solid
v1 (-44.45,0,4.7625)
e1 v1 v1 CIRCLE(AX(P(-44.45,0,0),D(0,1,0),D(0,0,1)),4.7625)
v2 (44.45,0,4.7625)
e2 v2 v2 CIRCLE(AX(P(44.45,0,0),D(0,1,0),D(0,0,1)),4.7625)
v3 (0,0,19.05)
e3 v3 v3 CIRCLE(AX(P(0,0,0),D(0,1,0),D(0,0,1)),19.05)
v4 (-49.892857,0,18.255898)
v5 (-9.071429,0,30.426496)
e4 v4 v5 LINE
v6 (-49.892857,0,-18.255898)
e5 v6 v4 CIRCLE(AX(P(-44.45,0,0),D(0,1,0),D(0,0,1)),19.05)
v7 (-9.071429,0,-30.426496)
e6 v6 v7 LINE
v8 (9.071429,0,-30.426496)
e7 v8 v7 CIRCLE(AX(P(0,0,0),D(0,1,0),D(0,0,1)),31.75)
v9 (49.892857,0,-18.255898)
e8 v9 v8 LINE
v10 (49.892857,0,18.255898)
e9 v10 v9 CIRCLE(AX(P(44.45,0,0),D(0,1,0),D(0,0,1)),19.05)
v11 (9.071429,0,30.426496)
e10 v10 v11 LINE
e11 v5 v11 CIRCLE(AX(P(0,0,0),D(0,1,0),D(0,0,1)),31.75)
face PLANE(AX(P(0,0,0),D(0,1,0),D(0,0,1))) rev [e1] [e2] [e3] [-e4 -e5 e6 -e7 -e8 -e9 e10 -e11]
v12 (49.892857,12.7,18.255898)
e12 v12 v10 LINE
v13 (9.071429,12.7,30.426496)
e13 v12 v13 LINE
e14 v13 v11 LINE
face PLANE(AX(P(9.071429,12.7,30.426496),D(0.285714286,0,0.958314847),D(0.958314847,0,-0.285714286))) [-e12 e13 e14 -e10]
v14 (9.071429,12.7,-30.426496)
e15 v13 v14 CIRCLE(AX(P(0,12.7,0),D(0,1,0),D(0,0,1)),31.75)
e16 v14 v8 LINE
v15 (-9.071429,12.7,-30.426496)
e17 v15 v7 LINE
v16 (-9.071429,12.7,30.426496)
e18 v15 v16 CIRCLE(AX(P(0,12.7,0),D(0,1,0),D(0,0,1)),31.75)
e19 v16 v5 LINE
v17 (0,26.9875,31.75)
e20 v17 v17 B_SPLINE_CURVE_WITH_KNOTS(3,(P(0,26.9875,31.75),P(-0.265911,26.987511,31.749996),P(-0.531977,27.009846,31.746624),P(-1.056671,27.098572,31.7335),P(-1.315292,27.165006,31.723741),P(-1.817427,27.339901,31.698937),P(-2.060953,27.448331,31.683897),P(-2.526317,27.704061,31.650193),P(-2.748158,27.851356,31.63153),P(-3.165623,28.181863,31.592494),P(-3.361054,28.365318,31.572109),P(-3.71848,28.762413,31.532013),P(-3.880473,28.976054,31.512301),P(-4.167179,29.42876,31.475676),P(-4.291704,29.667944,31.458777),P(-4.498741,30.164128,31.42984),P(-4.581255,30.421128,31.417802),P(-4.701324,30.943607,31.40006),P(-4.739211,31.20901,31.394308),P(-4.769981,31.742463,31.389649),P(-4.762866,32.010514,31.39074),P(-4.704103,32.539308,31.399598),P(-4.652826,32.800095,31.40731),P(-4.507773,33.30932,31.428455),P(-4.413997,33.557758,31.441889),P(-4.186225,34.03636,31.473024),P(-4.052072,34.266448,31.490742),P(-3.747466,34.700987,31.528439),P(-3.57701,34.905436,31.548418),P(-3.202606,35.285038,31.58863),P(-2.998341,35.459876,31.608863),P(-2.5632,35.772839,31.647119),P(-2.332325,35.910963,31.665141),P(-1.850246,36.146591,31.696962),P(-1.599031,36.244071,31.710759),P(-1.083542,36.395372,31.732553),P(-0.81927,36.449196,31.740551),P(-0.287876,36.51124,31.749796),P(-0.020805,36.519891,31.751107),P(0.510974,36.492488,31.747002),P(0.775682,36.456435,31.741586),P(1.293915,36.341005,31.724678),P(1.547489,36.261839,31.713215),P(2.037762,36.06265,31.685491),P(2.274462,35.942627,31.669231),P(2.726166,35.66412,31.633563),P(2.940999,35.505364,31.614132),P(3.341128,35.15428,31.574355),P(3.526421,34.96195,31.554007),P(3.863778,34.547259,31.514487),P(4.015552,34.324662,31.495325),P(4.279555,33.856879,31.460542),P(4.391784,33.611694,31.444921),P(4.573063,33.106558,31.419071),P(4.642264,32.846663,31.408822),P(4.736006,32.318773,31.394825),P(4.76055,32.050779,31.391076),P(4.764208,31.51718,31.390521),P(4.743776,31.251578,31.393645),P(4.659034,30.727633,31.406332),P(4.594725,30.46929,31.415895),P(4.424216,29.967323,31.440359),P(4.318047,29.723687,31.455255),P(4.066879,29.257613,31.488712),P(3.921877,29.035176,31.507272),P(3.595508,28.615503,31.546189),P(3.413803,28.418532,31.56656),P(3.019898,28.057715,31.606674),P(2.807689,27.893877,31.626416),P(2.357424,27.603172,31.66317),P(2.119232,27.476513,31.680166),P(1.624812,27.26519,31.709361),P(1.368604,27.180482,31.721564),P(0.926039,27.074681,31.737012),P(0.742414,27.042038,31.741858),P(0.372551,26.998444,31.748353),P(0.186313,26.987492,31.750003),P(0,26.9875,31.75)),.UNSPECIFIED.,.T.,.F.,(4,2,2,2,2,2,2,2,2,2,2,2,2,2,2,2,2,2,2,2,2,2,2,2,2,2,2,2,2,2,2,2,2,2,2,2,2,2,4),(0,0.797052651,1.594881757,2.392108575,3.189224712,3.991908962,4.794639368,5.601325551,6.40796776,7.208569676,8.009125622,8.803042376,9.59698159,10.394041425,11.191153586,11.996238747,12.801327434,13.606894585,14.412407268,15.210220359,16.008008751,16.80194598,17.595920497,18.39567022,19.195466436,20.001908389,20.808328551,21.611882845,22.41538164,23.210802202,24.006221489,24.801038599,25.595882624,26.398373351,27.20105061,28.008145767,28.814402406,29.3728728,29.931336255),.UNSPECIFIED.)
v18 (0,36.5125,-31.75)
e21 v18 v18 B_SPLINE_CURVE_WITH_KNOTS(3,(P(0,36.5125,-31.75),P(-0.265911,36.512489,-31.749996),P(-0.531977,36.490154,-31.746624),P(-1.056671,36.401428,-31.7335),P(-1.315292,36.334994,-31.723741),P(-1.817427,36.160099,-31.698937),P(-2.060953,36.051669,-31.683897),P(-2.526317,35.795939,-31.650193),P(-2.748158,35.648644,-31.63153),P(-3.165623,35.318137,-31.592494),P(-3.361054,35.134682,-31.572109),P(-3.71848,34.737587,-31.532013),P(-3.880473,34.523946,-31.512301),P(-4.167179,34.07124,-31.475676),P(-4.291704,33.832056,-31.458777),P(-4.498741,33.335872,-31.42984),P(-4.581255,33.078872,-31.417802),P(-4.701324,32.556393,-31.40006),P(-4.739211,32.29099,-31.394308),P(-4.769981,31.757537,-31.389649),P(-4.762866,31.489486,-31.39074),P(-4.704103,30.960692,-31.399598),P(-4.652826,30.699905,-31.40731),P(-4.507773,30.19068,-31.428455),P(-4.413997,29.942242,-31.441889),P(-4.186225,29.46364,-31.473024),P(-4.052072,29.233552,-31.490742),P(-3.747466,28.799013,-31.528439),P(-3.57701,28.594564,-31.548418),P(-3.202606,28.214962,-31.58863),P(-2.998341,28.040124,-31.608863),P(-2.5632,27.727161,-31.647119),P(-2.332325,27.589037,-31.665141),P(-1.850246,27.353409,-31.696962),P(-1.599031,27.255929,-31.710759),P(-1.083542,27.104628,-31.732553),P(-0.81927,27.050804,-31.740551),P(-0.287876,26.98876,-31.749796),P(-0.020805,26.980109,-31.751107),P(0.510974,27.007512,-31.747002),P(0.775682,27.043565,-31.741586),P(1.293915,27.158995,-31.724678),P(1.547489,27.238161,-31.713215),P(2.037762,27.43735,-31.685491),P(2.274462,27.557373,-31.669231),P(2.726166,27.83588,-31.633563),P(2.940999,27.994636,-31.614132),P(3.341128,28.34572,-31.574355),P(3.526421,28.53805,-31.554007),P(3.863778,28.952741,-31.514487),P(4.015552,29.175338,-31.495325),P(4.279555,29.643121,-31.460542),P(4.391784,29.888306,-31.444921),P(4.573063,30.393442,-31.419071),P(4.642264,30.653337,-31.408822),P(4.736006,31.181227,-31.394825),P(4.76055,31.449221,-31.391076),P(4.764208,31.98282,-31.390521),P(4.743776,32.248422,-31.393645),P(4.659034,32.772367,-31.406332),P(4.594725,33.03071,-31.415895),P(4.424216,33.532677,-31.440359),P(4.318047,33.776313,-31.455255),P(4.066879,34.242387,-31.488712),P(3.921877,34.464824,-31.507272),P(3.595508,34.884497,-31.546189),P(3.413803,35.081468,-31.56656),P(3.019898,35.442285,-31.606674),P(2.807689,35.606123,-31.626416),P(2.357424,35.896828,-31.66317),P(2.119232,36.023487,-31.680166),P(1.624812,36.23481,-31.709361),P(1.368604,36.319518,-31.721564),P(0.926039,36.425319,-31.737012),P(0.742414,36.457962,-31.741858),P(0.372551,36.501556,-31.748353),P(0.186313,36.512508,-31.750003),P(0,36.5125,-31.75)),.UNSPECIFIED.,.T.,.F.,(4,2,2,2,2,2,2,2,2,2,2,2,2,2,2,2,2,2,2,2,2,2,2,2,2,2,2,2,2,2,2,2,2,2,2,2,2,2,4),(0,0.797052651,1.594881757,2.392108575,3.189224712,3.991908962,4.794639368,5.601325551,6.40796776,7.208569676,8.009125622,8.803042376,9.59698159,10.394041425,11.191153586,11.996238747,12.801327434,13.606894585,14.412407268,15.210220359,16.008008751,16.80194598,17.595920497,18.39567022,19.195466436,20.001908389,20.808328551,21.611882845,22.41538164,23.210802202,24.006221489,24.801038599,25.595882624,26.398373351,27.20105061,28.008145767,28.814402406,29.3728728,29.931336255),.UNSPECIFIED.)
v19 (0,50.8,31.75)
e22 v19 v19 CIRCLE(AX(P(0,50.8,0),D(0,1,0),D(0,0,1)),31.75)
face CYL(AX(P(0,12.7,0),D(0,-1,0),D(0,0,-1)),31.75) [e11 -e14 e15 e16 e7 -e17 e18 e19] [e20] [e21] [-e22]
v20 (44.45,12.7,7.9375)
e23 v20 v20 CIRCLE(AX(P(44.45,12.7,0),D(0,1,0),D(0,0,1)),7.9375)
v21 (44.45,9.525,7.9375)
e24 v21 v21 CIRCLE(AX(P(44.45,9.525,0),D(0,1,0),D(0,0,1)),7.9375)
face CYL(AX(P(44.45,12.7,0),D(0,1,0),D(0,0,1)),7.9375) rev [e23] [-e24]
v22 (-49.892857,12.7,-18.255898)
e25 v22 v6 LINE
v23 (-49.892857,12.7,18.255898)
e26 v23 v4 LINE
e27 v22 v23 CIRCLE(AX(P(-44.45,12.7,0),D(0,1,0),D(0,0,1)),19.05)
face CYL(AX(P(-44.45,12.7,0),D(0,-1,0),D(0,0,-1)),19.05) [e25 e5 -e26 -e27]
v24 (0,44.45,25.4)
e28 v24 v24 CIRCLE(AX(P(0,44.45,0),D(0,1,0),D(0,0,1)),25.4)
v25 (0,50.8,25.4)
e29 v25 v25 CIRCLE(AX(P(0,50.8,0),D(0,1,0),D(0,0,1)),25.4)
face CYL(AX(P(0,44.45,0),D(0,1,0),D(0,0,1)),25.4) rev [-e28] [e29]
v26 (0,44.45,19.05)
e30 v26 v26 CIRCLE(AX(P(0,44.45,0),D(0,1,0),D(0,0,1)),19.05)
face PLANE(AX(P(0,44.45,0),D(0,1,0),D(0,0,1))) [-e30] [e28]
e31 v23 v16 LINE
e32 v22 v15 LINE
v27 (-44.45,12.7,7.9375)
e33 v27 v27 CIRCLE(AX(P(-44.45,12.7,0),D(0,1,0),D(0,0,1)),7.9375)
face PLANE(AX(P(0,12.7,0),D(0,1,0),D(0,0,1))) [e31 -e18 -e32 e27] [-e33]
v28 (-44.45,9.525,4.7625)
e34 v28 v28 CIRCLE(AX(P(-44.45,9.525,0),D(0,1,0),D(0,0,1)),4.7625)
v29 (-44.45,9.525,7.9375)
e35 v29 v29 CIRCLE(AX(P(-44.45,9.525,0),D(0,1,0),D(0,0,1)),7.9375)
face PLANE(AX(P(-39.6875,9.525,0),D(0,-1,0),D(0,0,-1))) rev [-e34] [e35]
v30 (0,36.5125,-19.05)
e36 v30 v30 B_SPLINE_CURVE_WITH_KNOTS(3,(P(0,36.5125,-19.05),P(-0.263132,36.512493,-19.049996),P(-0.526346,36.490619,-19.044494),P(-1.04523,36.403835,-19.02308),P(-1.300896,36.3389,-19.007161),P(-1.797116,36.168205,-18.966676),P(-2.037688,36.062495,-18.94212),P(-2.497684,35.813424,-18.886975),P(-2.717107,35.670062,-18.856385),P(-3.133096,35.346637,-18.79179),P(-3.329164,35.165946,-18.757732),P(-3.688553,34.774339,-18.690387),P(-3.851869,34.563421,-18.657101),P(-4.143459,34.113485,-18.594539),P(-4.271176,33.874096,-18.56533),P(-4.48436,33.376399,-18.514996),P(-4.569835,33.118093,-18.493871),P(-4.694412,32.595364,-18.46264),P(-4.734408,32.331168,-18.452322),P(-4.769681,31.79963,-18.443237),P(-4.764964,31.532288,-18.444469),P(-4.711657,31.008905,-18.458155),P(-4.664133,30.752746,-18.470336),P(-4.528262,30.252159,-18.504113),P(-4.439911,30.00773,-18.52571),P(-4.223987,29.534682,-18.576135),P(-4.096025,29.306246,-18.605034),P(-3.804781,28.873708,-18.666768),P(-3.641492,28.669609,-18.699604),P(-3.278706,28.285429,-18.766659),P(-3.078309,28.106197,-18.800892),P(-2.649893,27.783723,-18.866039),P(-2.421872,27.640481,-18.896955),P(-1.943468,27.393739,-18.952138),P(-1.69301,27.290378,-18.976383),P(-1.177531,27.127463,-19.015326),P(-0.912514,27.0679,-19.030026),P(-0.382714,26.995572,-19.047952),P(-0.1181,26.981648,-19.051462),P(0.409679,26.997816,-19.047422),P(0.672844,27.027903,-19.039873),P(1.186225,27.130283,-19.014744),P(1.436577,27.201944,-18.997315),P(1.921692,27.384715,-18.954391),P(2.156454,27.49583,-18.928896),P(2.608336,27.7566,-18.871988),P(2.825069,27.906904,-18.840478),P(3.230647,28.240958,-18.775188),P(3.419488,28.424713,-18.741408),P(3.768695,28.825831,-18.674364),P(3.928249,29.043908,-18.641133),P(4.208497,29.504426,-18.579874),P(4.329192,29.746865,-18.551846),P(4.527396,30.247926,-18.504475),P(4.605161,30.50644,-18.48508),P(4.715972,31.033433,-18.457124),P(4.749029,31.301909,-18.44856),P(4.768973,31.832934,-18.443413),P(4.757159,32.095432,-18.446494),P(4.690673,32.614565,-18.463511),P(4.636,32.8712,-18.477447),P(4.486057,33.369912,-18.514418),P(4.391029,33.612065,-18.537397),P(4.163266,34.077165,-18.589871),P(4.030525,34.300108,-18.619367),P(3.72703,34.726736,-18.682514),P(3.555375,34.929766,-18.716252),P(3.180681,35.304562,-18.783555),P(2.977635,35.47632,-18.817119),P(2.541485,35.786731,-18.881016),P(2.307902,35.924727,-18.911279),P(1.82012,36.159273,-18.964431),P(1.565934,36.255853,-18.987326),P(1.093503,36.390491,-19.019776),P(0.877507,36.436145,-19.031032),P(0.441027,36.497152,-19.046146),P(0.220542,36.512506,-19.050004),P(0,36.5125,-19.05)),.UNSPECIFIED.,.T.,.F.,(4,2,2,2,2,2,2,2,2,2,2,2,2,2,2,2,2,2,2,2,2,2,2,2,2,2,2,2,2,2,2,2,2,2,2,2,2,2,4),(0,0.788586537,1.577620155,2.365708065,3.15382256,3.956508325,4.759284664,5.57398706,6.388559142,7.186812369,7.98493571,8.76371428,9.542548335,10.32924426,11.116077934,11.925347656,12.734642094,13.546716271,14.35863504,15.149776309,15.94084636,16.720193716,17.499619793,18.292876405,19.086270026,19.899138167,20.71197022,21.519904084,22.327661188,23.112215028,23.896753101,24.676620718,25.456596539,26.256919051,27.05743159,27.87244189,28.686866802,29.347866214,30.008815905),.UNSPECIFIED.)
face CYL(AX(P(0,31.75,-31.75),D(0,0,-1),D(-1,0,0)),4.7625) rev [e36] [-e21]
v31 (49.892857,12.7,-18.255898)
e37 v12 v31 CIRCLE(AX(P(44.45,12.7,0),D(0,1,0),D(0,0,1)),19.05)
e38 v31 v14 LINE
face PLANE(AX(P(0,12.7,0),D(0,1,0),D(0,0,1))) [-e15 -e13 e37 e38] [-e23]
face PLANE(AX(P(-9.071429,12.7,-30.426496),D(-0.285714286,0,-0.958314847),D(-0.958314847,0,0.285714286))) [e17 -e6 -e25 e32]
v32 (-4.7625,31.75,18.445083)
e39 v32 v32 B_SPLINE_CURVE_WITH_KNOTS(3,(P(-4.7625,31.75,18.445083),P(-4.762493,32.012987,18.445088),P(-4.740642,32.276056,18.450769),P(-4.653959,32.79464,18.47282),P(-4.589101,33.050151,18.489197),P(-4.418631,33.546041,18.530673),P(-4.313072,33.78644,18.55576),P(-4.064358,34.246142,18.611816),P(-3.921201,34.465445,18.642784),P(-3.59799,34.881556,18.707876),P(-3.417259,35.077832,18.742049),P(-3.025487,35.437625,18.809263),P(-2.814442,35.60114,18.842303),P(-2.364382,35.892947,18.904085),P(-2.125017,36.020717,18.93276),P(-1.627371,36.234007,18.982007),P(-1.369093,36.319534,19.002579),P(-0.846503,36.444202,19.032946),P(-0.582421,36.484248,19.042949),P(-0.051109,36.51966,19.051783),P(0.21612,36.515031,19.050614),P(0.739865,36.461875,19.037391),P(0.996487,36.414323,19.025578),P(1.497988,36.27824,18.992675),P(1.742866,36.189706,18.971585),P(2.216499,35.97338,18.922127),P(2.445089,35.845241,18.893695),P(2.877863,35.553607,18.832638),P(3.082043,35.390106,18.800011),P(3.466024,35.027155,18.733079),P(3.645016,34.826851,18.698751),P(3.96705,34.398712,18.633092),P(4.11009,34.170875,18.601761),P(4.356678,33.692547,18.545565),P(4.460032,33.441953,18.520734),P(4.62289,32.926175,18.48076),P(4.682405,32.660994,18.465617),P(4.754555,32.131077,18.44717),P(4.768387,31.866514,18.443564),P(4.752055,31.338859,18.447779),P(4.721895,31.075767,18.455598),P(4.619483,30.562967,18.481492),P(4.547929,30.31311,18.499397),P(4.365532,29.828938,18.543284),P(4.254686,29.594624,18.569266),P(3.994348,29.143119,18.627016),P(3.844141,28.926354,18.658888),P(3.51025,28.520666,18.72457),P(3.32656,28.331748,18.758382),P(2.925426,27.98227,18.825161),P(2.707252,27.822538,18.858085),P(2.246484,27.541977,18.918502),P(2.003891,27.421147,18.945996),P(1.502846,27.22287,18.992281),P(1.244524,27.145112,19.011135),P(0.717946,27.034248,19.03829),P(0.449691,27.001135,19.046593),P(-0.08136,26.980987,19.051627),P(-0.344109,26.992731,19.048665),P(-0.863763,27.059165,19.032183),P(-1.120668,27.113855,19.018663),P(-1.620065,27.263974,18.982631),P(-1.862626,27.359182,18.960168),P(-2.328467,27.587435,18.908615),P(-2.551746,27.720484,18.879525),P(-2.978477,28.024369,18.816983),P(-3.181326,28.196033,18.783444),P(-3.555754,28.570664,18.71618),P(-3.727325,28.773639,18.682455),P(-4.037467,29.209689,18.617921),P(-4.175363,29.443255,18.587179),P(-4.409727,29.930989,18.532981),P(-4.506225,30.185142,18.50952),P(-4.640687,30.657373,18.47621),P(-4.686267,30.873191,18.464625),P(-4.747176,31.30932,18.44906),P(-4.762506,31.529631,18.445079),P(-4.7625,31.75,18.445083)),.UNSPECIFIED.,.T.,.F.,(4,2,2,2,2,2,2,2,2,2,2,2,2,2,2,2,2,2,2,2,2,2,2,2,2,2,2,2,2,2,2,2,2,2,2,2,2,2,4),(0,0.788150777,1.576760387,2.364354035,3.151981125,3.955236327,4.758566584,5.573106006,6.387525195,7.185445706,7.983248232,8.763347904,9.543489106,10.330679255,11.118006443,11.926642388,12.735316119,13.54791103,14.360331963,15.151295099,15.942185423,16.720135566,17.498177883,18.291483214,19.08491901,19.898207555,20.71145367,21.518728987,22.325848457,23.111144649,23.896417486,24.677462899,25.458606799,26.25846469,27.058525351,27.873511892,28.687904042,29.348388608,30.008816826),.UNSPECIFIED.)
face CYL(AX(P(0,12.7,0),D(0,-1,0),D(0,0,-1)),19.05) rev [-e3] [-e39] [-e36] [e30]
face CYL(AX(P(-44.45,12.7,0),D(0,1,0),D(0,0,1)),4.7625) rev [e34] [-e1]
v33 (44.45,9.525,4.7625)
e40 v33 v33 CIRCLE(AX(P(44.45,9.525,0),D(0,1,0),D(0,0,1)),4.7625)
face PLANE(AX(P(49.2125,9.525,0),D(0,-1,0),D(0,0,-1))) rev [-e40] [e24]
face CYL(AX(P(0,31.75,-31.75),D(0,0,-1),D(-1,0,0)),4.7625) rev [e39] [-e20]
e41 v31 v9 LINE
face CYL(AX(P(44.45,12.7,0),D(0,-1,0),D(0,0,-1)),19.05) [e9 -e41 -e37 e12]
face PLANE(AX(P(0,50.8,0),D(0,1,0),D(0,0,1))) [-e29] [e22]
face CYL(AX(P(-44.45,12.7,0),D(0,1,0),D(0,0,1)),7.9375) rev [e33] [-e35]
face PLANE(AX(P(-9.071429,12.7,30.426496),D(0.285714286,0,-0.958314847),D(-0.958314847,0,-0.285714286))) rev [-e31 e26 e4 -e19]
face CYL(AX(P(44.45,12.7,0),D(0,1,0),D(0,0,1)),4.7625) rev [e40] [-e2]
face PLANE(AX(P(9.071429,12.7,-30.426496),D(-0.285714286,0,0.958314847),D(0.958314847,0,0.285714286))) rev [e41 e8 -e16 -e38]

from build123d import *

# Parameters (mm, degrees)
SKETCH1_R                    = 31.75
SKETCH1_R_2                  = 19.05
BOSS_EXTRUDE1_DEPTH          = 12.7
SKETCH2_R                    = 31.75
SKETCH2_R_2                  = 19.05
BOSS_EXTRUDE2_DEPTH          = 38.1
SKETCH3_R                    = 25.4
CUT_EXTRUDE1_DEPTH           = 6.35
HOLE1_D                      = 9.525
HOLE1_DEPTH                  = 12.7
HOLE1_CBORE_D                = 15.875
HOLE1_CBORE_DEPTH            = 3.175
HOLE1_TIP                    = 2.861598698
F_3_8_0_375_DIAMETER_HOLE1_D = 9.525


with BuildPart() as part:
    # Sketch1 → Boss-Extrude1 (new body)
    # profile 1 of 3: a face of its own
    with BuildSketch(Plane(origin=(0, 0, 0), x_dir=(1, 0, 0), z_dir=(0, 1, 0))):
        with BuildLine():
            Line((-9.071428571, 30.426496408), (-49.892857143, 18.255897845))
            ThreePointArc((-49.892857143, 18.255897845), (-63.5, 0), (-49.892857143, -18.255897845))
            Line((-49.892857143, -18.255897845), (-9.071428571, -30.426496408))
            ThreePointArc((-9.071428571, -30.426496408), (-31.75, 0), (-9.071428571, 30.426496408))
        make_face()
    # profile 2 of 3: a face of its own
    with BuildSketch(Plane(origin=(0, 0, 0), x_dir=(1, 0, 0), z_dir=(0, 1, 0))):
        Circle(SKETCH1_R)
        with Locations(Location((0, 0, 0), (0, 0, 270))):
            Circle(SKETCH1_R_2, mode=Mode.SUBTRACT)
    # profile 3 of 3: a face of its own
    with BuildSketch(Plane(origin=(0, 0, 0), x_dir=(1, 0, 0), z_dir=(0, 1, 0))):
        with BuildLine():
            Line((49.892857143, 18.255897845), (9.071428571, 30.426496408))
            ThreePointArc((9.071428571, 30.426496408), (25.456633292, 18.974254173), (31.75, 0))
            ThreePointArc((31.75, 0), (25.456633292, -18.974254173), (9.071428571, -30.426496408))
            Line((9.071428571, -30.426496408), (49.892857143, -18.255897845))
            ThreePointArc((49.892857143, -18.255897845), (63.5, 0), (49.892857143, 18.255897845))
        make_face()
    extrude(amount=BOSS_EXTRUDE1_DEPTH)

    # Sketch2 → Boss-Extrude2 (add)
    with BuildSketch(Plane(origin=(0, 12.7, 0), x_dir=(1, 0, 0), z_dir=(0, 1, 0))):
        with Locations(Location((0, 0, 0), (0, 0, 106.601549599))):
            Circle(SKETCH2_R)
        with Locations(Location((0, 0, 0), (0, 0, 270))):
            Circle(SKETCH2_R_2, mode=Mode.SUBTRACT)
    extrude(amount=BOSS_EXTRUDE2_DEPTH)

    # Sketch3 → Cut-Extrude1 (cut)
    with BuildSketch(Plane(origin=(0, 50.8, 0), x_dir=(1, 0, 0), z_dir=(0, 1, 0))):
        with Locations(Location((0, 0, 0), (0, 0, 270))):
            Circle(SKETCH3_R)
    extrude(amount=-CUT_EXTRUDE1_DEPTH, mode=Mode.SUBTRACT)

    # Hole1
    with Locations(Plane(origin=(0, 12.7, 0), x_dir=(1, 0, 0), z_dir=(0, 1, 0))):
        with Locations((-44.45, 0), (44.45, 0)):
            CounterBoreHole(HOLE1_D / 2, HOLE1_CBORE_D / 2, HOLE1_CBORE_DEPTH, depth=HOLE1_DEPTH)
            with Locations((0, 0, -(HOLE1_DEPTH + HOLE1_TIP / 2))):  # 118° drill point
                Cone(0, HOLE1_D / 2, HOLE1_TIP, mode=Mode.SUBTRACT)

    # 3/8 (0.375) Diameter Hole1 (through all)
    with Locations(Plane(origin=(0, 31.75, -31.75), x_dir=(-1, 0, 0), z_dir=(0, 0, -1))):
        with Locations((0, 0)):
            Hole(F_3_8_0_375_DIAMETER_HOLE1_D / 2)


solid = part.part
